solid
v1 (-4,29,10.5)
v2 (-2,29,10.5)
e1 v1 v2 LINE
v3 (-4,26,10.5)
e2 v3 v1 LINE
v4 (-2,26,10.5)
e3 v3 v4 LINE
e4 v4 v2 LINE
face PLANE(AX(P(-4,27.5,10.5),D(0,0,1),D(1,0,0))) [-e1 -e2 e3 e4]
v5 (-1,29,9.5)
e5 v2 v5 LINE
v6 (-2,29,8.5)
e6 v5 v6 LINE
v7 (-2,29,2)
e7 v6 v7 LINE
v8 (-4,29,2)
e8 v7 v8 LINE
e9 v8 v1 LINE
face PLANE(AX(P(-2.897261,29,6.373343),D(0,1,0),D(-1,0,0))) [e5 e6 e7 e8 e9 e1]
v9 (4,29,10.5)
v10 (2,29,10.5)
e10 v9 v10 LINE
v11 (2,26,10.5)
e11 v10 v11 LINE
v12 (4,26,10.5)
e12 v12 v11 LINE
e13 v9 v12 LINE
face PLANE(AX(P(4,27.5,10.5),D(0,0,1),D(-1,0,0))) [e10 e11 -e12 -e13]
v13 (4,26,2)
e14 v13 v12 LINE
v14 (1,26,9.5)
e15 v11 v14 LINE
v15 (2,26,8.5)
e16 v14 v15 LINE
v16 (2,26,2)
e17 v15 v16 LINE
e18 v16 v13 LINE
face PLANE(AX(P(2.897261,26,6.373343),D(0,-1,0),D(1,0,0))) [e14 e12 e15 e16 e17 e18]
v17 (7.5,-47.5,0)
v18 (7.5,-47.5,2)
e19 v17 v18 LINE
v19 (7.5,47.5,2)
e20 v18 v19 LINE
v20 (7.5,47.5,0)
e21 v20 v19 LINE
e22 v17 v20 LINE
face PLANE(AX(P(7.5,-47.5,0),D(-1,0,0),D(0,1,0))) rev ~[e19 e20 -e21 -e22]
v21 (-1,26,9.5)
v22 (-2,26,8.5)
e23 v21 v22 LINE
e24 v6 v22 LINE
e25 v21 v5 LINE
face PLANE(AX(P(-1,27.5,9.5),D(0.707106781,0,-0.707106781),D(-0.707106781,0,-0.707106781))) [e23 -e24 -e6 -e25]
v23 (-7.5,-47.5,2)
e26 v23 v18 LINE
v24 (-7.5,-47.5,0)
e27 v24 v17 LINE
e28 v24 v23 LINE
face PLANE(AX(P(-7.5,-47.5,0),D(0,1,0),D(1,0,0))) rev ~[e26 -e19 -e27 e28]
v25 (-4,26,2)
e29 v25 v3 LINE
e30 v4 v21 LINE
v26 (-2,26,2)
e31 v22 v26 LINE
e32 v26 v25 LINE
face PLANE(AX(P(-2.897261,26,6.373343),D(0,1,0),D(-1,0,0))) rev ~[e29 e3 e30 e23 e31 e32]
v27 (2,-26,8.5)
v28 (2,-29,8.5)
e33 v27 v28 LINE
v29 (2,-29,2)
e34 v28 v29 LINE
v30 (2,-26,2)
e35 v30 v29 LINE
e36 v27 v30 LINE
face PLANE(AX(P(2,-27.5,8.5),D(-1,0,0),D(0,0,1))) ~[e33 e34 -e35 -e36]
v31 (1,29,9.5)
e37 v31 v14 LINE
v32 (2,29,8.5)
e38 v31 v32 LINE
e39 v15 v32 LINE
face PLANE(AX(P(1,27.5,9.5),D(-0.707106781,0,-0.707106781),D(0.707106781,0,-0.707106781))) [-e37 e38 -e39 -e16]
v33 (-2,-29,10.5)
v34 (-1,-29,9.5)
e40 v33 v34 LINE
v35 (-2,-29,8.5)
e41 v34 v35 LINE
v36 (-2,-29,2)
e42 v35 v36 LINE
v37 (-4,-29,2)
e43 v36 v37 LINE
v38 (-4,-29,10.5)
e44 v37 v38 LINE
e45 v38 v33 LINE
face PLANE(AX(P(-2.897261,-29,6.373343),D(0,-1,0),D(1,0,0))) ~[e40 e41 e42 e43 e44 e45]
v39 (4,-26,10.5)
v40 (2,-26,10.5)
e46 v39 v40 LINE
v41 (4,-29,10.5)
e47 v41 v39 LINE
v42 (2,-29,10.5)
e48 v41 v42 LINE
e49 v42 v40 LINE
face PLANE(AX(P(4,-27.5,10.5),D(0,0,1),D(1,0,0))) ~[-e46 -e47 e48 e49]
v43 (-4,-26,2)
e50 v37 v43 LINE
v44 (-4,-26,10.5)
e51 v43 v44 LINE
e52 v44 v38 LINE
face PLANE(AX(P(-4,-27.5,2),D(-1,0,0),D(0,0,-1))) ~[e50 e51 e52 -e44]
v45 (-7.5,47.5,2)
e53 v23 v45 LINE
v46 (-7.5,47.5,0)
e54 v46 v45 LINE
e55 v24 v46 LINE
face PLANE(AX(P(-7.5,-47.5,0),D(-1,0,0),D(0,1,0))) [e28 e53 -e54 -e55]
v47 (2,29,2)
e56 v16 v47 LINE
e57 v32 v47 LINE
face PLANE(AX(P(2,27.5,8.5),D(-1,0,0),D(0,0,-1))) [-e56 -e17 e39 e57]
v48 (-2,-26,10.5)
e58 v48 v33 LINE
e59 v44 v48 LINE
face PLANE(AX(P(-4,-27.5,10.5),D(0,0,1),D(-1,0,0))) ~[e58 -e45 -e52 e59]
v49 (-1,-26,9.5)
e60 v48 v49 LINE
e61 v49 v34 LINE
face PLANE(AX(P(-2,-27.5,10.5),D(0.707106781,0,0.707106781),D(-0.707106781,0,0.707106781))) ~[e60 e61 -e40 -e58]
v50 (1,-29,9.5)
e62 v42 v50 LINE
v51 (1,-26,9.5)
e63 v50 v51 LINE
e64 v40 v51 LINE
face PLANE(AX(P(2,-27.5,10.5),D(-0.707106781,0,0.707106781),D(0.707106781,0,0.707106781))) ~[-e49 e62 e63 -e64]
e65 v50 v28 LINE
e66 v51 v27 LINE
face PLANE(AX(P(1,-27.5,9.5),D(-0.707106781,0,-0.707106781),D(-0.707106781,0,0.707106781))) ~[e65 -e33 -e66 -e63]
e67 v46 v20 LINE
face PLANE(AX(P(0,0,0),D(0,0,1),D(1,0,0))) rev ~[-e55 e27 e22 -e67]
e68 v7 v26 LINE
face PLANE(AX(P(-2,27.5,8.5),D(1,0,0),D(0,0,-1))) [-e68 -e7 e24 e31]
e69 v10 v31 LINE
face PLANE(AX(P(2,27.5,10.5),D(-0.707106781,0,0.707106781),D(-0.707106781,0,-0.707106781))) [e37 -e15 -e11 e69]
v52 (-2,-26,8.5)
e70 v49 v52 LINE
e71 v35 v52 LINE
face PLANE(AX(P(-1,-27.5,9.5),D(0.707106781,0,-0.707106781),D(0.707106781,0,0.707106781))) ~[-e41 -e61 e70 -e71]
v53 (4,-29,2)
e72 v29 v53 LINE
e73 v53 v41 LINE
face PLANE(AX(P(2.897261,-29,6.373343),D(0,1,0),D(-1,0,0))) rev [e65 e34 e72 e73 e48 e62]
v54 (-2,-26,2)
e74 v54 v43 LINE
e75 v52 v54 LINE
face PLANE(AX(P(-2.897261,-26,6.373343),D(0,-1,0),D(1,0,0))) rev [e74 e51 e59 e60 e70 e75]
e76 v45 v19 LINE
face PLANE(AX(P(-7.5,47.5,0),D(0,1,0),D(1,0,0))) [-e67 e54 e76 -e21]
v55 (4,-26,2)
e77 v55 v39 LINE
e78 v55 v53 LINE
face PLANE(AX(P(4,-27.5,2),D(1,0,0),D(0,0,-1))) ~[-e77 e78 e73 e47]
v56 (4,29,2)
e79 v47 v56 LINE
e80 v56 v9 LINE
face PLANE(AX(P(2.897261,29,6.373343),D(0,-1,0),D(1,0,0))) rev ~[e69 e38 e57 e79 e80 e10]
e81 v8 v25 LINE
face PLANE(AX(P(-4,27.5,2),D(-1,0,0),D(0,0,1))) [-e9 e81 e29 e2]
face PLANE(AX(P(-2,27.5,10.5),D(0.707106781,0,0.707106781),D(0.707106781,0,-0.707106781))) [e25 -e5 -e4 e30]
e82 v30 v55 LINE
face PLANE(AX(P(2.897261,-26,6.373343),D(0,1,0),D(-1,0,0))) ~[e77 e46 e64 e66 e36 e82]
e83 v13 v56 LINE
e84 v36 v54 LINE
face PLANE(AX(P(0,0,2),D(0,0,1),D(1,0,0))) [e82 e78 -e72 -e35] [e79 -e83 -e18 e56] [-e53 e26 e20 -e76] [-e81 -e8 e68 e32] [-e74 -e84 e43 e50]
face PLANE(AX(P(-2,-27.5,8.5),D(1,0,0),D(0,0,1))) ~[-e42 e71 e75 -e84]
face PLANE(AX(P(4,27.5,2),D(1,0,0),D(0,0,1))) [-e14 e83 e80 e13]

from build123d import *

# Parameters (mm, degrees)
SKETCH_W     = 15
SKETCH_H     = 95
PAD_DEPTH    = 2
PAD001_DEPTH = 1.5


with BuildPart() as part:
    # Sketch → Pad (new body)
    with BuildSketch(Plane.XY):
        Rectangle(SKETCH_W, SKETCH_H)
    extrude(amount=PAD_DEPTH)

    # Sketch001 (on DatumPlane) → Pad001 (join, symmetric)
    with BuildSketch(Plane(origin=(0, 27.5, 0), x_dir=(-1, 0, 0), z_dir=(0, 1, 0))):
        Polygon((-4, 2), (-4, 10.5), (-2, 10.5), (-1, 9.5), (-2, 8.5), (-2, 2), align=None)
        Polygon((4, 2), (4, 10.5), (2, 10.5), (1, 9.5), (2, 8.5), (2, 2), align=None)
    pad001 = extrude(amount=PAD001_DEPTH, both=True)

    # Mirrored: Pad001 across XZ
    add(pad001.mirror(Plane.XZ))


solid = part.part
